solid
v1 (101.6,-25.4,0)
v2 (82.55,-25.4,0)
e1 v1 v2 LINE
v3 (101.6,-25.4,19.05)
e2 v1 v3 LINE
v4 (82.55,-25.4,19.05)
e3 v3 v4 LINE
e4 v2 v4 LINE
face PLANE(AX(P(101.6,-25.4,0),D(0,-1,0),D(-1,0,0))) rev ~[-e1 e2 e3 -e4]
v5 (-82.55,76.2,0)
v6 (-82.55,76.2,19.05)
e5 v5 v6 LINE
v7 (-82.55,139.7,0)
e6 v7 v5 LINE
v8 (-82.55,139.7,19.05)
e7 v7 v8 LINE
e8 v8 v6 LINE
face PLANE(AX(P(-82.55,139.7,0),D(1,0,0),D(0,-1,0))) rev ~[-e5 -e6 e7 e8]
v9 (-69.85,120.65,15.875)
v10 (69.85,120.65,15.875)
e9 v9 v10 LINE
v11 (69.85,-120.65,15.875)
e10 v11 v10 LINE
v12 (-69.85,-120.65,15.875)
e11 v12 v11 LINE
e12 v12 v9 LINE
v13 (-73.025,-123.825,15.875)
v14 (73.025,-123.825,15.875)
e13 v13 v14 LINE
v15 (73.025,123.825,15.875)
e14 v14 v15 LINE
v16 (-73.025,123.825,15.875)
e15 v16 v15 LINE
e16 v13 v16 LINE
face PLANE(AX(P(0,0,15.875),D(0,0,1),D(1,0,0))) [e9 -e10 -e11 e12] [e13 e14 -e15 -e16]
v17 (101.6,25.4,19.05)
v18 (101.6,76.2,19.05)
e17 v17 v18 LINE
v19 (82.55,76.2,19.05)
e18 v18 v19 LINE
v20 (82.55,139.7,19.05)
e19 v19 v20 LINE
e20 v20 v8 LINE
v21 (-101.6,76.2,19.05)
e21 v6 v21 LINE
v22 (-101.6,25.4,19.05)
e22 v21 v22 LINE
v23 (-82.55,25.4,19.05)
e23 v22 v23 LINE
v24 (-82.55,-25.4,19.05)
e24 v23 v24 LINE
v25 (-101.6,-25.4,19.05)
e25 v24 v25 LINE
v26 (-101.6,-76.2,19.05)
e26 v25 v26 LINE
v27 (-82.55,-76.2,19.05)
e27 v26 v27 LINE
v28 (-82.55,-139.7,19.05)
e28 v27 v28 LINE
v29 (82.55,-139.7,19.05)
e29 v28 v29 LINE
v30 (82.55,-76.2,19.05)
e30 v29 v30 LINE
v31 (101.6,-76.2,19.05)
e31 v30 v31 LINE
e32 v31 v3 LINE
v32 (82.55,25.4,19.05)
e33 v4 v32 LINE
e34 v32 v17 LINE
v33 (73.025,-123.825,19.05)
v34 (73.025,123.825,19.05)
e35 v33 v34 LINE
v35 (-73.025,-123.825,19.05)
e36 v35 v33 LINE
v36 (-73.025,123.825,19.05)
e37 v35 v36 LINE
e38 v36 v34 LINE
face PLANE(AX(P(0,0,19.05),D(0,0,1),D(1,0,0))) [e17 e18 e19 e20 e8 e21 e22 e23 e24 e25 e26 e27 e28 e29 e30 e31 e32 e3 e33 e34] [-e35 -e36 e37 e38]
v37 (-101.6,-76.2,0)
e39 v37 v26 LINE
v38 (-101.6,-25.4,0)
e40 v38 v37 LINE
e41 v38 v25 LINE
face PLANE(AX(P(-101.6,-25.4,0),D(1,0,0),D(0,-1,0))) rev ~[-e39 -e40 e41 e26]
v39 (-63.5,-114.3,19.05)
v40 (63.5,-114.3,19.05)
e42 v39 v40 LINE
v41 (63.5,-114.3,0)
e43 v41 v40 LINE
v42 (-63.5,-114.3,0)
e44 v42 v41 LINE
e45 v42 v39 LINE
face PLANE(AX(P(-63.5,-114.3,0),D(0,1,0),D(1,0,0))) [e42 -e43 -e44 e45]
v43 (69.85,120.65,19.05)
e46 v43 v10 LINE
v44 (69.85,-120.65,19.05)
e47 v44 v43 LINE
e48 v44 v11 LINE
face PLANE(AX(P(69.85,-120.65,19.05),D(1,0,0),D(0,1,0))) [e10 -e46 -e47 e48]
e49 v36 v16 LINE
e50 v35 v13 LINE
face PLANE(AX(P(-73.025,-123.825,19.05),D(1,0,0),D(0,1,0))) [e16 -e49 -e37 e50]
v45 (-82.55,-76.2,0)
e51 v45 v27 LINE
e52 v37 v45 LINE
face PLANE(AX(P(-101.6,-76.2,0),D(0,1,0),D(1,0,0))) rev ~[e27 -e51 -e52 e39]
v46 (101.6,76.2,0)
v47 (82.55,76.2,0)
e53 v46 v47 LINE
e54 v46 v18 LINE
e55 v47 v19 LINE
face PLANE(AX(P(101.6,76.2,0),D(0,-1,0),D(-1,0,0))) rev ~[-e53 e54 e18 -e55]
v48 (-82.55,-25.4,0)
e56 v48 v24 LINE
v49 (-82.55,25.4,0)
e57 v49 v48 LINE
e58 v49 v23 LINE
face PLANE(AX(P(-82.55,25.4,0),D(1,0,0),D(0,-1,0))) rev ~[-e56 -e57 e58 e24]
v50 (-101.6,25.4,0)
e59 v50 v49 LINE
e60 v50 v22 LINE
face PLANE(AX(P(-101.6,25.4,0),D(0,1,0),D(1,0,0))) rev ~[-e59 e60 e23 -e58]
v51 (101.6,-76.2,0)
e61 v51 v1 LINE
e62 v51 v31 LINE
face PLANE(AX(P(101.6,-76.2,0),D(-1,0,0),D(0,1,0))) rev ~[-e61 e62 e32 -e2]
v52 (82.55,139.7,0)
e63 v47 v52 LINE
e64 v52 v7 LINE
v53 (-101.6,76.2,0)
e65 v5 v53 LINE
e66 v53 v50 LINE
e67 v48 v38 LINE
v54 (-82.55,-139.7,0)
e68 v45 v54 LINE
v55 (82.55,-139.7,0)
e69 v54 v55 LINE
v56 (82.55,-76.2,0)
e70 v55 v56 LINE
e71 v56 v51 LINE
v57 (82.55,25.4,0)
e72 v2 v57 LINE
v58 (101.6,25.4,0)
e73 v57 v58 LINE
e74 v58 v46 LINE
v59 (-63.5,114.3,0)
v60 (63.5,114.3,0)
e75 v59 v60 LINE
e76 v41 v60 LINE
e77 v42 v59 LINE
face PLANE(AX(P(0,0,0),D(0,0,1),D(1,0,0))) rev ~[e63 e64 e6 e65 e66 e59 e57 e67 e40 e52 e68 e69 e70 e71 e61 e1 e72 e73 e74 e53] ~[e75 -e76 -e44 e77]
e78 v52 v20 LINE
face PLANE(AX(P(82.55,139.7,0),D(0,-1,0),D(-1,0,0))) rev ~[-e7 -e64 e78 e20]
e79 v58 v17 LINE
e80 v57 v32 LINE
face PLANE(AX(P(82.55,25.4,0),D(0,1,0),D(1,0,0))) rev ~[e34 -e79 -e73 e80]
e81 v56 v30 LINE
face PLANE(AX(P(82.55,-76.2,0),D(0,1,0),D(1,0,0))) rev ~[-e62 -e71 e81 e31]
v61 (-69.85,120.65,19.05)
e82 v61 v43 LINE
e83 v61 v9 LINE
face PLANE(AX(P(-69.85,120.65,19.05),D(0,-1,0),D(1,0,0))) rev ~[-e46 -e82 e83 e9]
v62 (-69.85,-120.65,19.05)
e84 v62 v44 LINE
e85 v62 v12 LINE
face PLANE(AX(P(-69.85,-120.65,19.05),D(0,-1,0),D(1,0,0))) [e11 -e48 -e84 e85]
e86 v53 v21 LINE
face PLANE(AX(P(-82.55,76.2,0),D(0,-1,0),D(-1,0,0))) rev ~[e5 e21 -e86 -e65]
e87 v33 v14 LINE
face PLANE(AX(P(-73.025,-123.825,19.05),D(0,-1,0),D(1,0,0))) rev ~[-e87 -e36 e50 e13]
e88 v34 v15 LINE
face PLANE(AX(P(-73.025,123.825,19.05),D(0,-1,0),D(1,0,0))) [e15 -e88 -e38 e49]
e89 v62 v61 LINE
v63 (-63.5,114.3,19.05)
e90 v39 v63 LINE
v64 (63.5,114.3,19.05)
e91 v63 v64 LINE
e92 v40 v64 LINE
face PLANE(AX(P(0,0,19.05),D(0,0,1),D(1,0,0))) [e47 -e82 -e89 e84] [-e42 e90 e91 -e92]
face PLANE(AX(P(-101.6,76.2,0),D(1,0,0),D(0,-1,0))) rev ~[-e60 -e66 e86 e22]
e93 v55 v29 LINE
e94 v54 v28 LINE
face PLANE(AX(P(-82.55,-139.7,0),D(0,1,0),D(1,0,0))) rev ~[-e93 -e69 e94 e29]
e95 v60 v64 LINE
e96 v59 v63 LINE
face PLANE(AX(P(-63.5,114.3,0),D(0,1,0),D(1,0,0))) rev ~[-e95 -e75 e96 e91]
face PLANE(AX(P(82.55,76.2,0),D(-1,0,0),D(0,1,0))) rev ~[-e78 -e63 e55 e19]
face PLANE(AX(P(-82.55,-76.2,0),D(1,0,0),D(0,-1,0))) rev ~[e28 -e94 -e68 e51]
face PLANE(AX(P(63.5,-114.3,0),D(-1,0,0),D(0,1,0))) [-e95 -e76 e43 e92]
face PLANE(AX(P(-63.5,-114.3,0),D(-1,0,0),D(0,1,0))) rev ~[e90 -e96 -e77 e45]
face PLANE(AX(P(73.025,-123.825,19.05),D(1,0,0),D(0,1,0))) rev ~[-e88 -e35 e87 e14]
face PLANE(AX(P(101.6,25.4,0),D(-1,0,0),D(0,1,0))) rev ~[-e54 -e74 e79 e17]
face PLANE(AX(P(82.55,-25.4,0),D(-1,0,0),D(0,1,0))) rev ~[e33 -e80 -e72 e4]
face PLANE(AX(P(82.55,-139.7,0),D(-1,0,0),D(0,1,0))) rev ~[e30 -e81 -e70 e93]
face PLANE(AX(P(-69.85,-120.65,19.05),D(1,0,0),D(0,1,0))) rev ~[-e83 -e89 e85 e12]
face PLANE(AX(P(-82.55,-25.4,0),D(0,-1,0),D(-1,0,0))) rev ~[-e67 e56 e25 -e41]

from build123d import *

# Parameters (mm, degrees)
F0_W     = 127
F0_H     = 228.6
F1_DEPTH = 19.05
F2_W     = 146.05
F2_H     = 247.65
F2_W_2   = 139.7
F2_H_2   = 241.3
F3_DEPTH = 3.175


with BuildPart() as f1:
    # F0 (on Top) → F1 (new body)
    with BuildSketch(Plane.XY):
        Polygon((82.55, 139.7), (-82.55, 139.7), (-82.55, 76.2), (-101.6, 76.2), (-101.6, 25.4), (-82.55, 25.4), (-82.55, -25.4), (-101.6, -25.4), (-101.6, -76.2), (-82.55, -76.2), (-82.55, -139.7), (82.55, -139.7), (82.55, -76.2), (101.6, -76.2), (101.6, -25.4), (82.55, -25.4), (82.55, 25.4), (101.6, 25.4), (101.6, 76.2), (82.55, 76.2), align=None)
        Rectangle(F0_W, F0_H, mode=Mode.SUBTRACT)
    extrude(amount=F1_DEPTH)

    # F2 (on face) → F3 (cut)
    with BuildSketch(Plane.XY.offset(19.05)):
        Rectangle(F2_W, F2_H)
        Rectangle(F2_W_2, F2_H_2, mode=Mode.SUBTRACT)
    extrude(amount=-F3_DEPTH, mode=Mode.SUBTRACT)


solid = f1.part
